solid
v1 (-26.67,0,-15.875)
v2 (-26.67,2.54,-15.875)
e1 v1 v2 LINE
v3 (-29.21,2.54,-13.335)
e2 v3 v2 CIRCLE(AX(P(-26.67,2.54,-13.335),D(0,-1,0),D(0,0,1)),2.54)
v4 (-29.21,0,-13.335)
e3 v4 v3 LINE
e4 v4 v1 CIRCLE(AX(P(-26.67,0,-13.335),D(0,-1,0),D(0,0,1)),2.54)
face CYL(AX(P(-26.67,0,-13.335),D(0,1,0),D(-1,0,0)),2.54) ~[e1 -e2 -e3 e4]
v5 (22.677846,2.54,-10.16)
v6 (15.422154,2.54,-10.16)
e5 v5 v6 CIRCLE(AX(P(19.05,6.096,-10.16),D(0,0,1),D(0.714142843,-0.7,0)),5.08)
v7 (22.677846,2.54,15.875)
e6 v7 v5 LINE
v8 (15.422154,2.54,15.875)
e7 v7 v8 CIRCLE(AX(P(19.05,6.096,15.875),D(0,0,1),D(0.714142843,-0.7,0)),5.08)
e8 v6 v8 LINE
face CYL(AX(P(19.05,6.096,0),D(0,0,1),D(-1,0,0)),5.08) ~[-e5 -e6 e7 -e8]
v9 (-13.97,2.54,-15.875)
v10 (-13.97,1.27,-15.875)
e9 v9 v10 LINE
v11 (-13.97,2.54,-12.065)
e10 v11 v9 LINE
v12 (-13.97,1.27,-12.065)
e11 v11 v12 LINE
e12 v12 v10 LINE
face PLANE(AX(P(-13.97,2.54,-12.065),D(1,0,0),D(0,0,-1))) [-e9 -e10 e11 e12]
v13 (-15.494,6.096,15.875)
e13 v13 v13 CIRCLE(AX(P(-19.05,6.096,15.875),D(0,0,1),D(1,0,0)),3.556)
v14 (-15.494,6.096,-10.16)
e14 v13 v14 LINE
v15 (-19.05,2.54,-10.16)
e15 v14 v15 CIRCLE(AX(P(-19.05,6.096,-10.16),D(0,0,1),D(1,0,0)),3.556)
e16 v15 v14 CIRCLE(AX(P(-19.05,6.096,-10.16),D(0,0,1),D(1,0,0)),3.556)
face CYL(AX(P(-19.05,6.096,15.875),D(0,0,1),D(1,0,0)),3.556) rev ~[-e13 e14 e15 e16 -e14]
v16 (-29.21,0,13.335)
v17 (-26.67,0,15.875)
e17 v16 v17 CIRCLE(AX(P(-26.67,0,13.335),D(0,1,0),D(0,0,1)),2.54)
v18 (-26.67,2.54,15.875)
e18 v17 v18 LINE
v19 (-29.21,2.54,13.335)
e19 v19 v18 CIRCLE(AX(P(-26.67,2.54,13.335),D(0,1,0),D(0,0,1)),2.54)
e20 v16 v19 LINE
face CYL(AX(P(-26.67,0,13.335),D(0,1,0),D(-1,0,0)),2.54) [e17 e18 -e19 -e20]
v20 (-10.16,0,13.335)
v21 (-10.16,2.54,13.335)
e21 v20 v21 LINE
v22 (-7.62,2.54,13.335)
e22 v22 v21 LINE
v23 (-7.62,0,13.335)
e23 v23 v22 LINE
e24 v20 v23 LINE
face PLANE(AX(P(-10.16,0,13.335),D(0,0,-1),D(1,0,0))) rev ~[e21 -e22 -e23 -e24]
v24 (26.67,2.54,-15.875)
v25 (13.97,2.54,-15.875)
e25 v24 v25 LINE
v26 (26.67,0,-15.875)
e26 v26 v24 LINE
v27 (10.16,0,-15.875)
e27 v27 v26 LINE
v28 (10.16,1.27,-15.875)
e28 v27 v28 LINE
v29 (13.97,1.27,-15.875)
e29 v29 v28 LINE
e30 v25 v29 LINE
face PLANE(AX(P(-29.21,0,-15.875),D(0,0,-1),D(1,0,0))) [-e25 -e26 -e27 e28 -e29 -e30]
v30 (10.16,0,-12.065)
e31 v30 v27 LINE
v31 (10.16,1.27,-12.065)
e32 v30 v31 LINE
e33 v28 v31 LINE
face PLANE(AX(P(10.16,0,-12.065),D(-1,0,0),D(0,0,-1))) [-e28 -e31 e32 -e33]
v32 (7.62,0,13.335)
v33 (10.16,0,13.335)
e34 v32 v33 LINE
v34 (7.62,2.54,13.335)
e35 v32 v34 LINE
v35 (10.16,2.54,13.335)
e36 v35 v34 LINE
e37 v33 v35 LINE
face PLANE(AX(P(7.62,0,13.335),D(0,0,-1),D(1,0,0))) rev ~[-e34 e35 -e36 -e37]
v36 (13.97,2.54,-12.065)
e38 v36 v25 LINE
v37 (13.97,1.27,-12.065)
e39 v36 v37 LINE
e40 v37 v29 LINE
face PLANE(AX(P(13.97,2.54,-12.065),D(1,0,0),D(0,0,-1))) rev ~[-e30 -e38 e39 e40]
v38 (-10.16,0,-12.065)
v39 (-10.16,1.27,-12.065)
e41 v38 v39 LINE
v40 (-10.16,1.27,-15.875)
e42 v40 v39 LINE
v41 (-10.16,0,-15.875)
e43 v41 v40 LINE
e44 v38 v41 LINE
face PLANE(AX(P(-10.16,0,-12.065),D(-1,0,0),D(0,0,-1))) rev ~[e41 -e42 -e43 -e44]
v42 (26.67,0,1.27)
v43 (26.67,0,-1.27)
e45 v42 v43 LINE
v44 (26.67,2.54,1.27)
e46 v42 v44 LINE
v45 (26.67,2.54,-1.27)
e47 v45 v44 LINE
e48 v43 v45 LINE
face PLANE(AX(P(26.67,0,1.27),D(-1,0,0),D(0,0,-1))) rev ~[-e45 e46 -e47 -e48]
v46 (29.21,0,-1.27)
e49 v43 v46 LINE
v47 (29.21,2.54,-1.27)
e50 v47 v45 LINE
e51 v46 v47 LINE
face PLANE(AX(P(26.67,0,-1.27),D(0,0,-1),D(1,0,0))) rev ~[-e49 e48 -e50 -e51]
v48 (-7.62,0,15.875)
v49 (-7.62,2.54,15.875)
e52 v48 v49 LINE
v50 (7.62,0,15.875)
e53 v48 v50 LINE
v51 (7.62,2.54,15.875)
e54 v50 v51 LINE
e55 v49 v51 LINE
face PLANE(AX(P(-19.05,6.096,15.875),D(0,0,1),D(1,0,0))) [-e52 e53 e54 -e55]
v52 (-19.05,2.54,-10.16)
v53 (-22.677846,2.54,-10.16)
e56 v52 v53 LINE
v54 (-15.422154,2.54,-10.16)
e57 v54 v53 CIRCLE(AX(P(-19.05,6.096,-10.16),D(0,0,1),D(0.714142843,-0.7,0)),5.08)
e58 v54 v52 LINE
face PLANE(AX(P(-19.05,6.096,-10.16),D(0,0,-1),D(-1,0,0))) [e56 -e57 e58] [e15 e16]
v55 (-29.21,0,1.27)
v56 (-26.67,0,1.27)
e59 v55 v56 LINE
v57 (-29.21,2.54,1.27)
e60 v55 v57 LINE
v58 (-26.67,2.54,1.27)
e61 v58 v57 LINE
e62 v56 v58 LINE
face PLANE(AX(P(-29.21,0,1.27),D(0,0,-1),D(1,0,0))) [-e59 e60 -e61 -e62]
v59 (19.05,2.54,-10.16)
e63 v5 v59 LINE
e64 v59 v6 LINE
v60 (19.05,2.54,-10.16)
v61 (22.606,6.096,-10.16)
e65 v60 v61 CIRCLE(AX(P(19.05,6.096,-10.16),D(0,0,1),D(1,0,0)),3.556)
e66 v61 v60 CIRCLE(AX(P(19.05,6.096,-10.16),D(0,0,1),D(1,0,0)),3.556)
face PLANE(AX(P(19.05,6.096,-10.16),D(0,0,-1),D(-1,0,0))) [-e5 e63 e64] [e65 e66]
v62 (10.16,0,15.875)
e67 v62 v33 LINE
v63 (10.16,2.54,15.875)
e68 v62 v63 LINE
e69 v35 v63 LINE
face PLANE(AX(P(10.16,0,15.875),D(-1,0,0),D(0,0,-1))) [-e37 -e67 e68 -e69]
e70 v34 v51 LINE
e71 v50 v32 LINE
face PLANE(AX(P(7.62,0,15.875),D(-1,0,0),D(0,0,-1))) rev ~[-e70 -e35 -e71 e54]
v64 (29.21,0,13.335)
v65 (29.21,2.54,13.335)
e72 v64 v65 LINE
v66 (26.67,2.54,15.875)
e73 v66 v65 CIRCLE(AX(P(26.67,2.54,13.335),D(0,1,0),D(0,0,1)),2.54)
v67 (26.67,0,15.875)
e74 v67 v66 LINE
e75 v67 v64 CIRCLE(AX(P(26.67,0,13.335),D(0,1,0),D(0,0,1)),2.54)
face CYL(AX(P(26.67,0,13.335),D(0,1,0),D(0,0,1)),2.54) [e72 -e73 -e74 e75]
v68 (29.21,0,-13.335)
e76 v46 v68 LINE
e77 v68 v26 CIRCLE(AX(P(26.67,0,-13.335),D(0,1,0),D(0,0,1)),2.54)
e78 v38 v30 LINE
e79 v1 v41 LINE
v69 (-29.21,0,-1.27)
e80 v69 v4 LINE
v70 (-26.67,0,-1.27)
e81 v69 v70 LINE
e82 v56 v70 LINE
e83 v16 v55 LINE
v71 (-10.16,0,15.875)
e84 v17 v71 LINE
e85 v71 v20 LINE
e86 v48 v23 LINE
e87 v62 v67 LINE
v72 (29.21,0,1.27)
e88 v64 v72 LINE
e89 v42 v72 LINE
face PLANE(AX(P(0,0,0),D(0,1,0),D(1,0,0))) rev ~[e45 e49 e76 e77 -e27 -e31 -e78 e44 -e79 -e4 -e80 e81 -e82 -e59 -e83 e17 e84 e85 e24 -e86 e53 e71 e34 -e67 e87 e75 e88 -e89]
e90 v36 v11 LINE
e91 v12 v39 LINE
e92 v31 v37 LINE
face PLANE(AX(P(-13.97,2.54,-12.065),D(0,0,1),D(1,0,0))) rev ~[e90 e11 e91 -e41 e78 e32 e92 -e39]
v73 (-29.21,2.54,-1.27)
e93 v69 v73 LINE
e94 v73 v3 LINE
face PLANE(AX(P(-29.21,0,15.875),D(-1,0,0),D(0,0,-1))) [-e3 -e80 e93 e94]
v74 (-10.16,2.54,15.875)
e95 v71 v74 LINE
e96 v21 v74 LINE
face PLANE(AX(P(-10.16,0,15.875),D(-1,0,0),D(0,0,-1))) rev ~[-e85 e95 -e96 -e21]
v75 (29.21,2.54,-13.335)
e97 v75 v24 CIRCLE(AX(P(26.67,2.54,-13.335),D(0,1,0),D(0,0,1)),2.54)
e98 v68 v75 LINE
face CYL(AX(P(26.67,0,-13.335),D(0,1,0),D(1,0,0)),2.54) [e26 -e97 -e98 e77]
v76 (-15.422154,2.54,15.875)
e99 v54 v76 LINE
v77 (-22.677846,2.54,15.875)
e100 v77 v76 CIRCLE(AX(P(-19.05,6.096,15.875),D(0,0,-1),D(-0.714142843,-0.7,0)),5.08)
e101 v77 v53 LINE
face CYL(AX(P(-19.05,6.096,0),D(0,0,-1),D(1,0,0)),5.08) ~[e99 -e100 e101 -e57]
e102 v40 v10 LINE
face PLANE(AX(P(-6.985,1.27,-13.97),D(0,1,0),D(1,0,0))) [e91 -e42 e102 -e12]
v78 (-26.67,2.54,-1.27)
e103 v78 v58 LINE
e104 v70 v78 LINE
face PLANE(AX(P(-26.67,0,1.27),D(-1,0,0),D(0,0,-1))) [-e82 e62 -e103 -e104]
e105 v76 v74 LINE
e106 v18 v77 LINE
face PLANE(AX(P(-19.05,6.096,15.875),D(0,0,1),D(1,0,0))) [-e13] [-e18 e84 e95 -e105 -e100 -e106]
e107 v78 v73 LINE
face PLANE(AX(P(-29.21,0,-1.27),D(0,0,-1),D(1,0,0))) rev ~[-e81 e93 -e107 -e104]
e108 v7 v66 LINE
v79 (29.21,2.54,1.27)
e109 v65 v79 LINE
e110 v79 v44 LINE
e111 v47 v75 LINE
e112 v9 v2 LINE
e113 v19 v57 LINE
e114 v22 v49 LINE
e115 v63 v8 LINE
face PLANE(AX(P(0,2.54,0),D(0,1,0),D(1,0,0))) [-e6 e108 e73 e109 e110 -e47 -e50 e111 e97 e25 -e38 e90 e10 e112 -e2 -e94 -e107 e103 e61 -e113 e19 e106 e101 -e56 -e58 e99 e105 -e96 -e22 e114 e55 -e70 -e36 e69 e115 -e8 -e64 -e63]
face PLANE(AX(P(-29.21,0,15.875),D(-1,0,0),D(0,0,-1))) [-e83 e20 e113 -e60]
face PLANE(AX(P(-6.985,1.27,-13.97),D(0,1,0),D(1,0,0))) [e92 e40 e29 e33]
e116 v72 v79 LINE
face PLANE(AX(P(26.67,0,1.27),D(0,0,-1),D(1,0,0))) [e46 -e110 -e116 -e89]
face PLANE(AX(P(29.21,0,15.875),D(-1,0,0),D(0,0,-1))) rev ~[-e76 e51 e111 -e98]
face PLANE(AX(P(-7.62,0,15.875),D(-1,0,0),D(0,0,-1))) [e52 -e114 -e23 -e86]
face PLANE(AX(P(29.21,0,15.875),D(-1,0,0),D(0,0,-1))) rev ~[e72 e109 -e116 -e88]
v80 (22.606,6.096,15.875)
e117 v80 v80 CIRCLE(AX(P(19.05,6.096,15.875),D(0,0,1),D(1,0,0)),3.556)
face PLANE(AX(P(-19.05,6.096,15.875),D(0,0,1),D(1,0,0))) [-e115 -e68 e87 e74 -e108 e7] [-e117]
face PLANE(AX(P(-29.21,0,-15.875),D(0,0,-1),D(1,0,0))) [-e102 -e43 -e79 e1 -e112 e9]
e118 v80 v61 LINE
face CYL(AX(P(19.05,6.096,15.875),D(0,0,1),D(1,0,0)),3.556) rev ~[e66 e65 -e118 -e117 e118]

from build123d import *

# Parameters (mm, degrees)
SKETCH1_W           = 58.42
SKETCH1_H           = 31.75
BOSS_EXTRUDE1_DEPTH = 2.54
FILLET1_R           = 2.54
SKETCH4_R           = 5.08
BOSS_EXTRUDE3_DEPTH = 15.875
SKETCH5_R           = 5.08
BOSS_EXTRUDE4_DEPTH = 10.16
SKETCH6_R           = 3.556
CUT_EXTRUDE2_DEPTH  = 32.75
SKETCH9_W           = 13.97
SKETCH9_H           = 3.81
CUT_EXTRUDE4_DEPTH  = 1.27
SKETCH10_W          = 2.54
SKETCH10_H          = 2.54
SKETCH10_W_2        = 20.32
SKETCH10_H_2        = 3.81
CUT_EXTRUDE6_DEPTH  = 12.176


with BuildPart() as part:
    # Sketch1 → Boss-Extrude1 (new body)
    with BuildSketch(Plane(origin=(0, 0, 0), x_dir=(1, 0, 0), z_dir=(0, 1, 0))):
        Rectangle(SKETCH1_W, SKETCH1_H)
    extrude(amount=BOSS_EXTRUDE1_DEPTH)

    # Fillet1
    fillet1_edges = [part.edges().sort_by_distance(p)[0] for p in [
        (29.21, 1.27, 15.875),
        (-29.21, 1.27, 15.875),
        (-29.21, 1.27, -15.875),
        (29.21, 1.27, -15.875),
    ]]
    fillet(fillet1_edges, radius=FILLET1_R)

    # Sketch4 → Boss-Extrude3 (add)
    with BuildSketch(Plane.XY):
        with Locations((-19.05, 6.096)):
            Circle(SKETCH4_R)
        with Locations((19.05, 6.096)):
            Circle(SKETCH4_R)
    extrude(amount=BOSS_EXTRUDE3_DEPTH)

    # Sketch5 → Boss-Extrude4 (add)
    with BuildSketch(Plane(origin=(0, 0, 0), x_dir=(-1, 0, 0), z_dir=(0, 0, -1))):
        with Locations((-19.05, 6.096)):
            Circle(SKETCH5_R)
        with Locations((19.05, 6.096)):
            Circle(SKETCH5_R)
    extrude(amount=BOSS_EXTRUDE4_DEPTH)

    # Sketch6 → Cut-Extrude2 (cut, through all)
    with BuildSketch(Plane.XY.offset(15.875)):
        with Locations((-19.05, 6.096)):
            Circle(SKETCH6_R)
        with Locations((19.05, 6.096)):
            Circle(SKETCH6_R)
    extrude(amount=-CUT_EXTRUDE2_DEPTH, mode=Mode.SUBTRACT)

    # Sketch9 → Cut-Extrude4 (cut)
    with BuildSketch(Plane(origin=(0, 2.54, 0), x_dir=(1, 0, 0), z_dir=(0, 1, 0))):
        with Locations((-6.985, 13.97)):
            Rectangle(SKETCH9_W, SKETCH9_H)
        with Locations((6.985, 13.97)):
            Rectangle(SKETCH9_W, SKETCH9_H)
    extrude(amount=-CUT_EXTRUDE4_DEPTH, mode=Mode.SUBTRACT)

    # Sketch10 → Cut-Extrude6 (cut, through all)
    with BuildSketch(Plane(origin=(0, 0, 0), x_dir=(1, 0, 0), z_dir=(0, 1, 0))):
        with Locations((-27.94, 0)):
            Rectangle(SKETCH10_W, SKETCH10_H)
        with Locations((27.94, 0)):
            Rectangle(SKETCH10_W, SKETCH10_H)
        with Locations((0, 13.97)):
            Rectangle(SKETCH10_W_2, SKETCH10_H_2)
        with Locations((-8.89, -14.605)):
            Rectangle(SKETCH10_W, SKETCH10_H)
        with Locations((8.89, -14.605)):
            Rectangle(SKETCH10_W, SKETCH10_H)
    extrude(amount=CUT_EXTRUDE6_DEPTH, mode=Mode.SUBTRACT)


solid = part.part
